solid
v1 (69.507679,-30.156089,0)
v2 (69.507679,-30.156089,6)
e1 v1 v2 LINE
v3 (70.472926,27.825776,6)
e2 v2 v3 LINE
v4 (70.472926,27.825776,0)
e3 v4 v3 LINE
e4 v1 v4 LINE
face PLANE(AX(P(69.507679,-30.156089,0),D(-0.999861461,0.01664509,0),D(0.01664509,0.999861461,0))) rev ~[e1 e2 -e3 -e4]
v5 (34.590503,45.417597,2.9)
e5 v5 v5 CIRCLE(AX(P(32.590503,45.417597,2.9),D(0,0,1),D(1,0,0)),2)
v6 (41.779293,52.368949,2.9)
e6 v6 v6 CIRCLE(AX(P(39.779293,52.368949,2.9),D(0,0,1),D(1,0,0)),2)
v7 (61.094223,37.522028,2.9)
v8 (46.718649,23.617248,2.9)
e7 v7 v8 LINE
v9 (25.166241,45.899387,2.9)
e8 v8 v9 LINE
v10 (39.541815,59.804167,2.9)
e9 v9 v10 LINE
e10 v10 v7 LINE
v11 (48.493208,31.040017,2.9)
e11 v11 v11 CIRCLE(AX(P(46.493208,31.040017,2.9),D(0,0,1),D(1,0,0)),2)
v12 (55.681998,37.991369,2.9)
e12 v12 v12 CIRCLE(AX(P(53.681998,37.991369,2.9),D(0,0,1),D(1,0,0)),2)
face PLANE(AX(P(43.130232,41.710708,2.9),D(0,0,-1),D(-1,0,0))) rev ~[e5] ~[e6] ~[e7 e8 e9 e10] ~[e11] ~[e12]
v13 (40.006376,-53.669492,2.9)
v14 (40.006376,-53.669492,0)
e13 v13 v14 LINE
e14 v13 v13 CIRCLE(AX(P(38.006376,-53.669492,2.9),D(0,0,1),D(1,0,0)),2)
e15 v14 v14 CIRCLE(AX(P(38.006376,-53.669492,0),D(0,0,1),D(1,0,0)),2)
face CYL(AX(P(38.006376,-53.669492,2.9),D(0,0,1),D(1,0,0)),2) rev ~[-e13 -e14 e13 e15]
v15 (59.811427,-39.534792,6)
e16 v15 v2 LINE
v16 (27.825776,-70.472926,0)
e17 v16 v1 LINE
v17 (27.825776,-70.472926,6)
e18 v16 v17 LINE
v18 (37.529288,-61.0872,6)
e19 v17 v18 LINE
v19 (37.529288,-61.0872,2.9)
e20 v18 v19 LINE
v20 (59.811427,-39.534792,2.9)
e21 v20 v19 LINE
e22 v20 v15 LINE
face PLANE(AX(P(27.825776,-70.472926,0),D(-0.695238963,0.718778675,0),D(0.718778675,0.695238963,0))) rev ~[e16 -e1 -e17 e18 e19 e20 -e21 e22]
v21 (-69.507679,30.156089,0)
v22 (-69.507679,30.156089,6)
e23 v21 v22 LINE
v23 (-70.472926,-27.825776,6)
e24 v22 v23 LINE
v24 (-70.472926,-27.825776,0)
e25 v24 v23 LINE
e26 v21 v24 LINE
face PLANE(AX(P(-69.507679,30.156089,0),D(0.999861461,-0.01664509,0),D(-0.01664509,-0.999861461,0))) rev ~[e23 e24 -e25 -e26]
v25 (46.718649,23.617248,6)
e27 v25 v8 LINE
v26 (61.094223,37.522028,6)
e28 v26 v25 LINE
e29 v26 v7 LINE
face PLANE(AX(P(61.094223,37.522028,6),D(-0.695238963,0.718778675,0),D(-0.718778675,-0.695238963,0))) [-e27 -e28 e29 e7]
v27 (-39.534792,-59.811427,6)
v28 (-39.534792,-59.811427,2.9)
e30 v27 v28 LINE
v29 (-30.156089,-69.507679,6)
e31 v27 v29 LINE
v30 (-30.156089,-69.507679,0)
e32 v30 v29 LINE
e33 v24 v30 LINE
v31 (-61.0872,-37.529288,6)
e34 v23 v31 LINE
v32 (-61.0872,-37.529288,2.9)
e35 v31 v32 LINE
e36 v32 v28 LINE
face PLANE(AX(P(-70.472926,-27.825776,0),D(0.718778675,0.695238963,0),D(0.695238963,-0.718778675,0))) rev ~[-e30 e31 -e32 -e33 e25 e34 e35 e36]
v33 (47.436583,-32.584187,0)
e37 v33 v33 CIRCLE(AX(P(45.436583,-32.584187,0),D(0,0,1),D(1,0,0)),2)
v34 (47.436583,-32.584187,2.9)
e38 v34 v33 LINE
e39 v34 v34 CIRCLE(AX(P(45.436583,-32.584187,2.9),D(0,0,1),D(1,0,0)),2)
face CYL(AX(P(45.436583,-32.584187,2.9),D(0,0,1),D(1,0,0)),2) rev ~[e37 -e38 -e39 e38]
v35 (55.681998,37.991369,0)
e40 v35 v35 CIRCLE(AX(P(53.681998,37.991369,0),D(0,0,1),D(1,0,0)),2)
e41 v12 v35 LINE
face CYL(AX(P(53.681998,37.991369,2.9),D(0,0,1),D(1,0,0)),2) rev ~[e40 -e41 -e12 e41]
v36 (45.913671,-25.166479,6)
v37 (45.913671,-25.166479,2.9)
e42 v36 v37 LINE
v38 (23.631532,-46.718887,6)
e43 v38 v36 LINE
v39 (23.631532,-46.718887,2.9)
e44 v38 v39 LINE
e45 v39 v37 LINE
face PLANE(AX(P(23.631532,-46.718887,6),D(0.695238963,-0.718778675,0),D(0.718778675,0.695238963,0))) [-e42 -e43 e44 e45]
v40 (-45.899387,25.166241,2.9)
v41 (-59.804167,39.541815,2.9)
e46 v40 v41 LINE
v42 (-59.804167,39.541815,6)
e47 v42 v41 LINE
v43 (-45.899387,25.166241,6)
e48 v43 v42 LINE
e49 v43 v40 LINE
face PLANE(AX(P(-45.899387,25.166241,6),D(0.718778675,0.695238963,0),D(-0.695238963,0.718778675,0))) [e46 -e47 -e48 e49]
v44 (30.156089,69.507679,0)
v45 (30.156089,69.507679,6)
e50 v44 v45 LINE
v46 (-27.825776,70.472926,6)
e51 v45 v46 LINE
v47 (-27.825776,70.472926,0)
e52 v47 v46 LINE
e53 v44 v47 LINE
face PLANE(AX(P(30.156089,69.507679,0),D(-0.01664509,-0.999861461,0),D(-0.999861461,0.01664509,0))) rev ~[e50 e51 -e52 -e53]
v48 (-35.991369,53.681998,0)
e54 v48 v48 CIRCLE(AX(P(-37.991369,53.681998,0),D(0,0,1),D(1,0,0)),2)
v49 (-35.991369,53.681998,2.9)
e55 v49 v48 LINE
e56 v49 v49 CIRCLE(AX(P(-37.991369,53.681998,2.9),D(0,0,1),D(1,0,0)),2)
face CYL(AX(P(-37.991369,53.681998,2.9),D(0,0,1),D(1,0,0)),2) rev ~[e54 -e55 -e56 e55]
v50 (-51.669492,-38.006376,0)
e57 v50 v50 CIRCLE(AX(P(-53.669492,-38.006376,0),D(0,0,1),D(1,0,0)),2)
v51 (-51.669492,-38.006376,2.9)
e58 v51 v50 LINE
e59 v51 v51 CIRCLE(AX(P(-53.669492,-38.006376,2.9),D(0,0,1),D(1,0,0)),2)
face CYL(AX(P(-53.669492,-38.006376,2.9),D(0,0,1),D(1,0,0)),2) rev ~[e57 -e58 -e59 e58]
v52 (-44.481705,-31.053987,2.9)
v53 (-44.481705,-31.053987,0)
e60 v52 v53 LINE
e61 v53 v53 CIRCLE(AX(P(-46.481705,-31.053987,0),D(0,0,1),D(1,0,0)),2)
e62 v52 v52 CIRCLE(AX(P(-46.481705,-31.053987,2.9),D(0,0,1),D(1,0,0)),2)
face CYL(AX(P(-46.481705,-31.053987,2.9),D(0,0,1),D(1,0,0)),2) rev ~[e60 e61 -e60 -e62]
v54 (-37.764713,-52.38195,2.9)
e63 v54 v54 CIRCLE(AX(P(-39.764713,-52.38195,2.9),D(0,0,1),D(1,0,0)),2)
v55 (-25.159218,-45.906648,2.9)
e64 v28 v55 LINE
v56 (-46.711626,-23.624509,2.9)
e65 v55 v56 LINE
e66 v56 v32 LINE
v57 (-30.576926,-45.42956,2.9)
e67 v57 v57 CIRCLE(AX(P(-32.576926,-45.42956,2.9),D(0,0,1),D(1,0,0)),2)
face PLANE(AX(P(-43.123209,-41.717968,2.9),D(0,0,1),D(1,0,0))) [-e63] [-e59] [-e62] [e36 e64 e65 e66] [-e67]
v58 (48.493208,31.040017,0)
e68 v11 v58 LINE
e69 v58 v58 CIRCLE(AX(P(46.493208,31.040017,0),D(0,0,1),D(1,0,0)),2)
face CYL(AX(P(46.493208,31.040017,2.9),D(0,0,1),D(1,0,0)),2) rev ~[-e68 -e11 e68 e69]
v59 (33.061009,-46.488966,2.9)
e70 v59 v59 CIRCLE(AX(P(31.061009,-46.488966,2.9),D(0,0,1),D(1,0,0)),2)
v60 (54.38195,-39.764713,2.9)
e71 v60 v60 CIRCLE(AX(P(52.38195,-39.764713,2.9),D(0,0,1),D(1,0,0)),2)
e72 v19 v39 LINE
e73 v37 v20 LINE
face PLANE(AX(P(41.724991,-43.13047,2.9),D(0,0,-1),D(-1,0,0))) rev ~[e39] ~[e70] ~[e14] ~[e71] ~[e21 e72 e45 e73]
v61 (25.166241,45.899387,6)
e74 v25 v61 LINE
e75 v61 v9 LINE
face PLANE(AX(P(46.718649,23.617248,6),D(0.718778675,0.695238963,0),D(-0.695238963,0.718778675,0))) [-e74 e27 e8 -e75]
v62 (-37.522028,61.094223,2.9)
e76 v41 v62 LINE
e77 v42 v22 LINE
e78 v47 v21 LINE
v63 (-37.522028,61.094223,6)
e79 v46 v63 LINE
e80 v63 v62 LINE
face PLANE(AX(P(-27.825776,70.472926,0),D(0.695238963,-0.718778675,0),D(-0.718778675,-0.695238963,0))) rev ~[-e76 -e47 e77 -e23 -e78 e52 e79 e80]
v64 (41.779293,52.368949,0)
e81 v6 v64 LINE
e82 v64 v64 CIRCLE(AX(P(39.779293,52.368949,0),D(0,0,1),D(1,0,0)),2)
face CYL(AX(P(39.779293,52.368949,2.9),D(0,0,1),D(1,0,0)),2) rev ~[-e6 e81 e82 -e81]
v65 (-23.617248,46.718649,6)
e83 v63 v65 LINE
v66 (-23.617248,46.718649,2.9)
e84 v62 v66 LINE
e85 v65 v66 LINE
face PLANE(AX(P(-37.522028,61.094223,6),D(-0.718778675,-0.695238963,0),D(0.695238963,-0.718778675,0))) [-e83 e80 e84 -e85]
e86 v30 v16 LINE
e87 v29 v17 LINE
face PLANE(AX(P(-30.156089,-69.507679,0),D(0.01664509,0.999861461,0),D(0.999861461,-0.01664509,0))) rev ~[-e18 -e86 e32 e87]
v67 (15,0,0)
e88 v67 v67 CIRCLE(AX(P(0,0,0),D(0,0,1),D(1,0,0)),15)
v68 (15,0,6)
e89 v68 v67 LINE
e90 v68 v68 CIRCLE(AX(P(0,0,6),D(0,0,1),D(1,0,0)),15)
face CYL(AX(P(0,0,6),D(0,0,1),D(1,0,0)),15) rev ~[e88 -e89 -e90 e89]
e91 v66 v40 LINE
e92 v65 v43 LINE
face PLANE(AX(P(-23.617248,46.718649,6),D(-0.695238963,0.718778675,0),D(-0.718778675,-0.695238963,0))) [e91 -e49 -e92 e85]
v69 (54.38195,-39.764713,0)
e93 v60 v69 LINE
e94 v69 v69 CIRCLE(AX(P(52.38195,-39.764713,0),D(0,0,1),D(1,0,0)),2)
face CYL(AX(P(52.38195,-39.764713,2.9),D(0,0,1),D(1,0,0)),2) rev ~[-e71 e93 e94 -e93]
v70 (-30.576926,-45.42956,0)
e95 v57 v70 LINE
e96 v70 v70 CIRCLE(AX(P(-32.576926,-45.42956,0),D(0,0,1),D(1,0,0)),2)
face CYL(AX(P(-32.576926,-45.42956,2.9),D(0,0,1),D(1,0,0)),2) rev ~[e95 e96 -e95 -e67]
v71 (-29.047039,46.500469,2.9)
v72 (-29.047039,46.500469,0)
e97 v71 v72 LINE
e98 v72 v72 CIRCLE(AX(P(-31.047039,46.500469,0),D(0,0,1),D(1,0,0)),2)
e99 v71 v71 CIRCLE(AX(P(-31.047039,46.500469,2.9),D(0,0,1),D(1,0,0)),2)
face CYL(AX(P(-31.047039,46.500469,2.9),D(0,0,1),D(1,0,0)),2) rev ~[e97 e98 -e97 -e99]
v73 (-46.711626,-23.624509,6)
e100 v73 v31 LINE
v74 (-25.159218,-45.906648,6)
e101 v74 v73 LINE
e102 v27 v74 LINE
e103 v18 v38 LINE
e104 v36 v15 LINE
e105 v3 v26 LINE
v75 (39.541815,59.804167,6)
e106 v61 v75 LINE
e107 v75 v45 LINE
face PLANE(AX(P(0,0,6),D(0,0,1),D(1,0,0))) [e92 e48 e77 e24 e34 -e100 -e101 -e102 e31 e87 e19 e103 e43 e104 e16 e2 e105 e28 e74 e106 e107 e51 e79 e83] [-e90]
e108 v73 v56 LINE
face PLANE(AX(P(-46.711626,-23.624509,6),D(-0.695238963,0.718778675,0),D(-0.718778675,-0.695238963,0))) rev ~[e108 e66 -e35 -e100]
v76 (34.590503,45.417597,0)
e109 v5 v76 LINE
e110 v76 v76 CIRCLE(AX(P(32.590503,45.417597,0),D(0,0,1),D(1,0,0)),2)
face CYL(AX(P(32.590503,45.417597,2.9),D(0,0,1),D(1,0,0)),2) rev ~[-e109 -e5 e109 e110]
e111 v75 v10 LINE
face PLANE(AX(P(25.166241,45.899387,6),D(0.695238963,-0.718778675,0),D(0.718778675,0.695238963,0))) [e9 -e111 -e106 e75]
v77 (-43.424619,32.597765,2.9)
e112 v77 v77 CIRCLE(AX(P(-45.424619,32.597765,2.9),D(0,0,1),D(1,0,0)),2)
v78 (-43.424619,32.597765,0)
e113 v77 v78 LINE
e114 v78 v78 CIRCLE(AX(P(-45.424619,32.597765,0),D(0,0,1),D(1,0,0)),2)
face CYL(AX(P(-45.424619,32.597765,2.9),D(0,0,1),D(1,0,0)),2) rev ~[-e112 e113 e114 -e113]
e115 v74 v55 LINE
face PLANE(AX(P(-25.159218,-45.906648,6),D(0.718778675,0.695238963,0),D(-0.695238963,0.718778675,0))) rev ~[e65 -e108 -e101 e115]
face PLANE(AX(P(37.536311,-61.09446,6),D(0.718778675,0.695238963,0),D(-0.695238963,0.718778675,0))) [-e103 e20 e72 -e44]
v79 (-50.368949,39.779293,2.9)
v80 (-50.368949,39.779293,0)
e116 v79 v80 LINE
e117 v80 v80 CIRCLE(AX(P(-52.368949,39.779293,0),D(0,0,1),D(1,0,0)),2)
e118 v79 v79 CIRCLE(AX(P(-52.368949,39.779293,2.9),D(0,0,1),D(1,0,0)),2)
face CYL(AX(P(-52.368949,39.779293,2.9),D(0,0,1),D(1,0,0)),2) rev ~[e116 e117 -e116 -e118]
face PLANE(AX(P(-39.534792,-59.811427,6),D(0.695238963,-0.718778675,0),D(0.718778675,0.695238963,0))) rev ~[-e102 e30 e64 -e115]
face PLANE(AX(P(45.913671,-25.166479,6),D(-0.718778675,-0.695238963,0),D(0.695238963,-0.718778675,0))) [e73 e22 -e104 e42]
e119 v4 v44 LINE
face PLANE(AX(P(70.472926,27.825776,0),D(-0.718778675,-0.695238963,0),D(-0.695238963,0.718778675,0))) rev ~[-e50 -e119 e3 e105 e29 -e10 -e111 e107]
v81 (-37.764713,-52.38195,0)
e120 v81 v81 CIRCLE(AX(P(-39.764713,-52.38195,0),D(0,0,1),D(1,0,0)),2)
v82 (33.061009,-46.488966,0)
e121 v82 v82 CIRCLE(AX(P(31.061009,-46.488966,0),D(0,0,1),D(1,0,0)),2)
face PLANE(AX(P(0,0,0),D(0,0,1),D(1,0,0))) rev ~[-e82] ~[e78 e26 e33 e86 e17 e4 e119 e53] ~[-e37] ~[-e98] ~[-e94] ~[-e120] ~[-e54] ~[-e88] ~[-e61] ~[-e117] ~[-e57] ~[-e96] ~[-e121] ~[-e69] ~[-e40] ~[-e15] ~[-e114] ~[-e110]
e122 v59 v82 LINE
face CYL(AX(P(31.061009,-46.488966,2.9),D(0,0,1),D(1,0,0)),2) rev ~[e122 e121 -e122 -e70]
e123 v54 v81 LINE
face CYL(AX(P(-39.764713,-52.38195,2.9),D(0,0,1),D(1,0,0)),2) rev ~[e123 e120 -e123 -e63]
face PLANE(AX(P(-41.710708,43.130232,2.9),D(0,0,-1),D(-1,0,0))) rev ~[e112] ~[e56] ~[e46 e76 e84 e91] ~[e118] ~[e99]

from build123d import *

# Parameters (mm, degrees)
RESSALTO_EXTRUS_O1_DEPTH = 6
CORTE_EXTRUS_O1_DEPTH    = 3.1
ESBO_O4_R                = 15
CORTE_EXTRUS_O2_DEPTH    = 100.844211363
ESBO_O6_R                = 2
CORTE_EXTRUS_O3_DEPTH    = 3.1


with BuildPart() as part:
    # Esboço2 → Ressalto-extrusão1 (new body)
    with BuildSketch(Plane.XY):
        Polygon((70.472925804, 27.825776133), (30.15608873, 69.507678721), (-27.825776133, 70.472925804), (-69.507678721, 30.15608873), (-70.472925804, -27.825776133), (-30.15608873, -69.507678721), (27.825776133, -70.472925804), (69.507678721, -30.15608873), align=None)
    extrude(amount=RESSALTO_EXTRUS_O1_DEPTH)

    # Esboço3 → Corte-extrusão1 (cut)
    with BuildSketch(Plane.XY.offset(6)):
        Polygon((-61.0871998, -37.529288249), (-39.534791939, -59.811427182), (-25.159218434, -45.906647917), (-46.711626295, -23.624508984), align=None)
        Polygon((46.71864909, 23.617248408), (25.166241229, 45.899387341), (39.541814734, 59.804166606), (61.094222595, 37.522027673), align=None)
        Polygon((-59.804166606, 39.541814734), (-37.522027673, 61.094222595), (-23.617248408, 46.71864909), (-45.899387341, 25.166241229), align=None)
        Polygon((23.631531779, -46.718886871), (45.913670712, -25.16647901), (59.818449977, -39.542052515), (37.536311044, -61.094460376), align=None)
    extrude(amount=-CORTE_EXTRUS_O1_DEPTH, mode=Mode.SUBTRACT)

    # Esboço4 → Corte-extrusão2 (cut, through all)
    with BuildSketch(Plane.XY.offset(6)):
        Circle(ESBO_O4_R)
    extrude(amount=-CORTE_EXTRUS_O2_DEPTH, mode=Mode.SUBTRACT)

    # Esboço6 → Corte-extrusão3 (cut)
    with BuildSketch(Plane.XY.offset(2.9)):
        with Locations((-46.481705373, -31.053986514)):
            Circle(ESBO_O6_R)
        with Locations((-53.669492126, -38.006376147)):
            Circle(ESBO_O6_R)
        with Locations((-39.764712861, -52.381949652)):
            Circle(ESBO_O6_R)
        with Locations((-32.576926108, -45.429560019)):
            Circle(ESBO_O6_R)
        with Locations((39.779293109, 52.368949317)):
            Circle(ESBO_O6_R)
        with Locations((32.590503175, 45.417596982)):
            Circle(ESBO_O6_R)
        with Locations((53.681997779, 37.991369449)):
            Circle(ESBO_O6_R)
        with Locations((46.493207845, 31.040017114)):
            Circle(ESBO_O6_R)
        with Locations((38.006376147, -53.669492126)):
            Circle(ESBO_O6_R)
        with Locations((31.061009309, -46.488965949)):
            Circle(ESBO_O6_R)
        with Locations((52.381949652, -39.764712861)):
            Circle(ESBO_O6_R)
        with Locations((45.436582814, -32.584186684)):
            Circle(ESBO_O6_R)
        with Locations((-37.991369449, 53.681997779)):
            Circle(ESBO_O6_R)
        with Locations((-31.047038861, 46.500469435)):
            Circle(ESBO_O6_R)
        with Locations((-45.424618729, 32.597764765)):
            Circle(ESBO_O6_R)
        with Locations((-52.368949317, 39.779293109)):
            Circle(ESBO_O6_R)
    extrude(amount=-CORTE_EXTRUS_O3_DEPTH, mode=Mode.SUBTRACT)


solid = part.part
